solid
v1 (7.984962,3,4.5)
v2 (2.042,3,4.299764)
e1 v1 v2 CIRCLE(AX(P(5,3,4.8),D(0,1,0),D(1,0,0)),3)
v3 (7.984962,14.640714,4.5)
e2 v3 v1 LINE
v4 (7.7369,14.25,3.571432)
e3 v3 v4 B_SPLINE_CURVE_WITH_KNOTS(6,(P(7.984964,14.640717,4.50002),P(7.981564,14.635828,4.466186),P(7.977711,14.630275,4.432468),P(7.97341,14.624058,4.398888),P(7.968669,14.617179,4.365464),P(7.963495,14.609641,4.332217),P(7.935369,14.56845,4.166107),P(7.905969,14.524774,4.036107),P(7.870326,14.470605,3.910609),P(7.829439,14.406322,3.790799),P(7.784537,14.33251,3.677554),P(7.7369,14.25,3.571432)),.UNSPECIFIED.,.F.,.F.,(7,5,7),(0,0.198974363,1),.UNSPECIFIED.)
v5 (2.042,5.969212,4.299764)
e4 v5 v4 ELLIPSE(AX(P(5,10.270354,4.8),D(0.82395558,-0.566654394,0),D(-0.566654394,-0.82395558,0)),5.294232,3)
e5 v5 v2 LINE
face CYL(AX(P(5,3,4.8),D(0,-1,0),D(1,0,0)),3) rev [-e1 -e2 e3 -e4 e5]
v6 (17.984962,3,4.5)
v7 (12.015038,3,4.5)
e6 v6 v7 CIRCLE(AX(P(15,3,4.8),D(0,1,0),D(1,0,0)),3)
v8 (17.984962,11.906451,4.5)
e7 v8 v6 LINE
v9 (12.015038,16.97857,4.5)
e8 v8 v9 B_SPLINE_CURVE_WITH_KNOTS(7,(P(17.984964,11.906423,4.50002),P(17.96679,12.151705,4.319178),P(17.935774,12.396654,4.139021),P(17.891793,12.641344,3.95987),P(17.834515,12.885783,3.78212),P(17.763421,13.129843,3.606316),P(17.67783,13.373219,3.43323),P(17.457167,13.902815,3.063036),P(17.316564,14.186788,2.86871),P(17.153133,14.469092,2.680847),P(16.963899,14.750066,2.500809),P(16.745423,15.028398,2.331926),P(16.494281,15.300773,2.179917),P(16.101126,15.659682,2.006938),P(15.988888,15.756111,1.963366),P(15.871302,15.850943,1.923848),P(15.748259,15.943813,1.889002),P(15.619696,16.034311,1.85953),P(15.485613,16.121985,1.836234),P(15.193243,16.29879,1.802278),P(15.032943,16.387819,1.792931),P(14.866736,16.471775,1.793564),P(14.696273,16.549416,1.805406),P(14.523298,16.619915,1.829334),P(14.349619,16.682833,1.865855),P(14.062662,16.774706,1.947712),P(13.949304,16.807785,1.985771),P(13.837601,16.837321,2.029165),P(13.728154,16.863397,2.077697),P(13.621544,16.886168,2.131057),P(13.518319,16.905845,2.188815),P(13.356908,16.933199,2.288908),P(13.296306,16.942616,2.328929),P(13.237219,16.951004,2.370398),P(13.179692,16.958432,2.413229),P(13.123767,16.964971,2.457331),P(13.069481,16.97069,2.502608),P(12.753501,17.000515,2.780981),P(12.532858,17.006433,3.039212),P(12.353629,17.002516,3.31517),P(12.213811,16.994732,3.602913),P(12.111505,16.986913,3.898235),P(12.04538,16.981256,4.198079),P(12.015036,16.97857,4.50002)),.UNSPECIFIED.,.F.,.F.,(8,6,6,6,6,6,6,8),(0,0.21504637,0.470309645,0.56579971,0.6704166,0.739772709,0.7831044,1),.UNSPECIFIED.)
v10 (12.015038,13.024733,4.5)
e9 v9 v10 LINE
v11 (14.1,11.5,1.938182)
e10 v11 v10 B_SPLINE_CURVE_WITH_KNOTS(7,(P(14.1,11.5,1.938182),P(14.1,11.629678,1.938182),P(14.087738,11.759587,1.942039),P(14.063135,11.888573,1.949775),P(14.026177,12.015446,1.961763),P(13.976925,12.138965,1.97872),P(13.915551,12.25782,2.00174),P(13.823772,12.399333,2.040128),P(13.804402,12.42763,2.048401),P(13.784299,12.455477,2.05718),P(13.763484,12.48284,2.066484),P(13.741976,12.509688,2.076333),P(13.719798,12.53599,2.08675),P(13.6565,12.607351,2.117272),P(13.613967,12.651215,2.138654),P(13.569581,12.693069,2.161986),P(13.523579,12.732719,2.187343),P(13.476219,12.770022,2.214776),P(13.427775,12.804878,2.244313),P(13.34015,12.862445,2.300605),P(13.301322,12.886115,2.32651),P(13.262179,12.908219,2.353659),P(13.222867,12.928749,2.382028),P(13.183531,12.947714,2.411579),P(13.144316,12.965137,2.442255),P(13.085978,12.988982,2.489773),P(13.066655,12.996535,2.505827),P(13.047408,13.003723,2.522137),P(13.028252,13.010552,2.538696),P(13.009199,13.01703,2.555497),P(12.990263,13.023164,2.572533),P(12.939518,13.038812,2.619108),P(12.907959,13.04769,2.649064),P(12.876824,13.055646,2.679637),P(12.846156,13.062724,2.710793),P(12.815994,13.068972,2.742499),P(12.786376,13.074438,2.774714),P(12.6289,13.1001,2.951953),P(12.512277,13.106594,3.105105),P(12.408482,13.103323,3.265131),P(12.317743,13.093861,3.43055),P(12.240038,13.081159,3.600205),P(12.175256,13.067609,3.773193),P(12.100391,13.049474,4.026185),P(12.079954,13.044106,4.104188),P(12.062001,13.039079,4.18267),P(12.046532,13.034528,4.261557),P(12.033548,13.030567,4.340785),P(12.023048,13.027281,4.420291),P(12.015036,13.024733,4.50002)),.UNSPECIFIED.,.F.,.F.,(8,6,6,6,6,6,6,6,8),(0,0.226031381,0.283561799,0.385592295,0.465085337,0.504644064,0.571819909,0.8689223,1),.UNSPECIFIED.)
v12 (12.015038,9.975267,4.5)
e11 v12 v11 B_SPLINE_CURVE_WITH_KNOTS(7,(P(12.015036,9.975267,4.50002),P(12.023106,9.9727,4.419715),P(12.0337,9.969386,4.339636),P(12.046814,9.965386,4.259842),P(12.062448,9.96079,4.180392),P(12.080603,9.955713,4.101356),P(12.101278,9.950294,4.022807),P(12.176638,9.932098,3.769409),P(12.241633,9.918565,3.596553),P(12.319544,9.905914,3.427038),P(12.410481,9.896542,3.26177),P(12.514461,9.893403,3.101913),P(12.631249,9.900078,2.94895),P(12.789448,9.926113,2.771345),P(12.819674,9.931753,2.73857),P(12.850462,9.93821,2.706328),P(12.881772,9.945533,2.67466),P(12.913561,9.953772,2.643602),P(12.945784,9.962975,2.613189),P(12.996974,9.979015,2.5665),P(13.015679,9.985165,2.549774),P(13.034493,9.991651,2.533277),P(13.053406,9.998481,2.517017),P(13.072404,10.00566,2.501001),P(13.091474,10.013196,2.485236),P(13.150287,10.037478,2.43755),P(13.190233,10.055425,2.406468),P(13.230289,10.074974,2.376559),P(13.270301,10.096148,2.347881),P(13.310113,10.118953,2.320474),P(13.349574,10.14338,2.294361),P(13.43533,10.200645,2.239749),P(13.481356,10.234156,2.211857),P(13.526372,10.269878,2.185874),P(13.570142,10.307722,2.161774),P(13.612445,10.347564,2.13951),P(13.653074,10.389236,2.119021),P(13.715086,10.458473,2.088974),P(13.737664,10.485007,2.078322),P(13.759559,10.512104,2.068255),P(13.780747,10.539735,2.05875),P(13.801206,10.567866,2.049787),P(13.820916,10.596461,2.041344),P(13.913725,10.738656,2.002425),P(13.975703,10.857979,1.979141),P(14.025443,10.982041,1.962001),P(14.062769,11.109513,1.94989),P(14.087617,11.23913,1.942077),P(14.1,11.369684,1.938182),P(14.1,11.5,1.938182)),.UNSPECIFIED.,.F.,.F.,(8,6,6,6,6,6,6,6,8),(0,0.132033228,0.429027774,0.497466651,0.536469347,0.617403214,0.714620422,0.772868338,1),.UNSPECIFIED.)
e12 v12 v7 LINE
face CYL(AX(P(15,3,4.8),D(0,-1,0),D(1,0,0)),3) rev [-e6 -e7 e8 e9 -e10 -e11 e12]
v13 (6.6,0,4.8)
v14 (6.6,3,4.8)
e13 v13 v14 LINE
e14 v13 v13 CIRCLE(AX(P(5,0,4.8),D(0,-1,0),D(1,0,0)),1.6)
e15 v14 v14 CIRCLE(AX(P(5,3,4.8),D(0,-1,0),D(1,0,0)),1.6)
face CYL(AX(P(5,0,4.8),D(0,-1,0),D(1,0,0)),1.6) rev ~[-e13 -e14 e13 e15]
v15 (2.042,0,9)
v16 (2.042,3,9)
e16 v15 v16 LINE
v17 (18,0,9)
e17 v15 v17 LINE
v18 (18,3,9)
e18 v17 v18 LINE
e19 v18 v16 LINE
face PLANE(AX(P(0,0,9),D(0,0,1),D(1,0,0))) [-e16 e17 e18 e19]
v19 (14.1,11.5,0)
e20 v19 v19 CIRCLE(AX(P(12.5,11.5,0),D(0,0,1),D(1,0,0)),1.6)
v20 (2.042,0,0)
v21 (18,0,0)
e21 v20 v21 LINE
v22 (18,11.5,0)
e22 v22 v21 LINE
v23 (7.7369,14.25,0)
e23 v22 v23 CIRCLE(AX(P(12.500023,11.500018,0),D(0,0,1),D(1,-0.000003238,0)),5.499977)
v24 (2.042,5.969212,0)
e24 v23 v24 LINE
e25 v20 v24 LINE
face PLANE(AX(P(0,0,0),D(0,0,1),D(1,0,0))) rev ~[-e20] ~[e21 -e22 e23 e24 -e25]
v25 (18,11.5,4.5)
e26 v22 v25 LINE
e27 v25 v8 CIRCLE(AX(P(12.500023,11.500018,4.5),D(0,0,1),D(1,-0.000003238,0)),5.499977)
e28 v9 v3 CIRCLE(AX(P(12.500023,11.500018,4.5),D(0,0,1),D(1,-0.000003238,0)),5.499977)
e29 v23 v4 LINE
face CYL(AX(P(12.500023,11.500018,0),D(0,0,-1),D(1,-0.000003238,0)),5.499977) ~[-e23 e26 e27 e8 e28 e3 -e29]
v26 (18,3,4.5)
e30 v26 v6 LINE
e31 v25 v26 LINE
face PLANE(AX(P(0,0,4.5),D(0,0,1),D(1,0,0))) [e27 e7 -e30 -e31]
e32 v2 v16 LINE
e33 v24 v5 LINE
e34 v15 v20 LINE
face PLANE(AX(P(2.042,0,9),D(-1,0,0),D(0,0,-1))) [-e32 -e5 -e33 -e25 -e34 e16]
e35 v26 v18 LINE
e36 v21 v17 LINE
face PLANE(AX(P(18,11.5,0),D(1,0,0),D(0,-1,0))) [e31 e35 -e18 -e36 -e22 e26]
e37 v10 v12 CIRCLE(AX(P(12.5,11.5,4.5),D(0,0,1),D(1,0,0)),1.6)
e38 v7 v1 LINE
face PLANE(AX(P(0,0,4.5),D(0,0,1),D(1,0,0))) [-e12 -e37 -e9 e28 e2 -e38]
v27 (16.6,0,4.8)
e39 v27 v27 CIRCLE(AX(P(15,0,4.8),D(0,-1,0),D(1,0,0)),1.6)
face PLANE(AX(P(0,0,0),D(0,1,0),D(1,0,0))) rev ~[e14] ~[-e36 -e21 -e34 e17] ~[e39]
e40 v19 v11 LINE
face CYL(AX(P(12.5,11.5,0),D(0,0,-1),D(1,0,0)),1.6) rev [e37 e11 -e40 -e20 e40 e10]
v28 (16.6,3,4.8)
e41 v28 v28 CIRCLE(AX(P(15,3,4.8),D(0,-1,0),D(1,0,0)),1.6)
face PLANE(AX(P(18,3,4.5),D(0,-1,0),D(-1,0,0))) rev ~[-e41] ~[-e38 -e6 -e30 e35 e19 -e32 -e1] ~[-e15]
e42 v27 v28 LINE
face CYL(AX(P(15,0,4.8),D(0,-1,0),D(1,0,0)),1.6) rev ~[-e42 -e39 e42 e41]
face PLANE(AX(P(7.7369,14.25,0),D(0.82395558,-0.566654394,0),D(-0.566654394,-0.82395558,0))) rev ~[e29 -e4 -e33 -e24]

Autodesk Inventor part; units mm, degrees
ref_plane "YZ Plane" through (0, 0, 0) normal (1, 0, 0) x (0, 1, 0)
ref_plane "XZ Plane" through (0, 0, 0) normal (0, 1, 0) x (-1, 0, 0)
ref_plane "XY Plane" through (0, 0, 0) normal (0, 0, 1) x (1, 0, 0)
sketch "Sketch1" plane through (0, 0, 0) normal (0, 0, 1) x (1, 0, 0)
  circle A0 centre (12.5, 11.5) radius 1.6
  line L0 (0, 0) -> (18, 0)
  line L1 (0, 0) -> (0, 3)
  arc A1 (18, 11.5) -> (7.7369, 14.25) centre (12.5, 11.5) ccw
  line L2 (12.5, 11.5) -> (7.7369, 14.25) construction
  line L3 (12.5, 11.5) -> (18, 11.5) construction
  line L4 (7.7369, 14.25) -> (0, 3)
  line L5 (18, 11.5) -> (18, 0)
  dimension "d17" = 3
  dimension "d19" = 11.5
  dimension "d23" = 90
  dimension "d25" = 12.5
  dimension "d31" = 5.5
  dimension "d32" = 150
  dimension "d49" = 3.2
extrude "Extrusion1" add sketch "Sketch1" along normal blind 4.5
sketch "Sketch4" plane through (0, 0, 4.5) normal (0, 0, 1) x (1, 0, 0)
  line L0 (0, 3) -> (0, 0) projected
  line L1 (18, 0) -> (18, 3)
  line L2 (0, 0) -> (18, 0)
  line L3 (18, 0) -> (18, 3)
  line L4 (18, 3) -> (0, 3)
  line L5 (0, 3) -> (0, 0)
  line L6 (18, 0) -> (18, 11.5) projected
extrude "Extrusion2" add sketch "Sketch4" along normal blind 4.5
sketch "Sketch5" plane through (0, 0, 0) normal (0, -1, 0) x (1, 0, 0)
  circle A0 centre (5, 4.8) radius 1.6
  circle A1 centre (15, 4.8) radius 1.6
  line L0 (0, 0) -> (18, 0) projected
  point P0 (20.0001, 0)
  dimension "d13" = 3.2
  dimension "d14" = 3.2
  dimension "d38" = 4.8
  dimension "d39" = 4.8
extrude "Extrusion3" cut sketch "Sketch5" against normal through all
sketch "Sketch6" plane through (0, 3, 9) normal (0, 1, 0) x (1, 0, 0)
  circle A0 centre (5, 4.2) radius 1.6 projected
  circle A1 centre (5, 4.2) radius 3
  circle A2 centre (15, 4.2) radius 1.6 projected
  circle A3 centre (15, 4.2) radius 3
  line L0 (0, 9) -> (18, 9) projected
  point P0 (20.0001, 9)
  dimension "d34" = 6
  dimension "d35" = 6
  dimension "d40" = 4.8
  dimension "d41" = 4.8
extrude "Extrusion4" cut sketch "Sketch6" along normal up to next
sketch "Sketch7" plane through (0, 0, 0) normal (0, -1, 0) x (1, 0, 0)
  line L0 (0, 0) -> (0, 9) projected
  line L1 (2.042, 0) -> (0, 0)
  line L2 (0, 0) -> (0, 9)
  line L3 (0, 9) -> (2.042, 9)
  line L4 (2.042, 9) -> (2.042, 0)
extrude "Extrusion5" cut sketch "Sketch7" against normal up to next
properties part number "lower_deck_shaft_mount_v3_printing_inna_plaszczyzna_jako_baza"
